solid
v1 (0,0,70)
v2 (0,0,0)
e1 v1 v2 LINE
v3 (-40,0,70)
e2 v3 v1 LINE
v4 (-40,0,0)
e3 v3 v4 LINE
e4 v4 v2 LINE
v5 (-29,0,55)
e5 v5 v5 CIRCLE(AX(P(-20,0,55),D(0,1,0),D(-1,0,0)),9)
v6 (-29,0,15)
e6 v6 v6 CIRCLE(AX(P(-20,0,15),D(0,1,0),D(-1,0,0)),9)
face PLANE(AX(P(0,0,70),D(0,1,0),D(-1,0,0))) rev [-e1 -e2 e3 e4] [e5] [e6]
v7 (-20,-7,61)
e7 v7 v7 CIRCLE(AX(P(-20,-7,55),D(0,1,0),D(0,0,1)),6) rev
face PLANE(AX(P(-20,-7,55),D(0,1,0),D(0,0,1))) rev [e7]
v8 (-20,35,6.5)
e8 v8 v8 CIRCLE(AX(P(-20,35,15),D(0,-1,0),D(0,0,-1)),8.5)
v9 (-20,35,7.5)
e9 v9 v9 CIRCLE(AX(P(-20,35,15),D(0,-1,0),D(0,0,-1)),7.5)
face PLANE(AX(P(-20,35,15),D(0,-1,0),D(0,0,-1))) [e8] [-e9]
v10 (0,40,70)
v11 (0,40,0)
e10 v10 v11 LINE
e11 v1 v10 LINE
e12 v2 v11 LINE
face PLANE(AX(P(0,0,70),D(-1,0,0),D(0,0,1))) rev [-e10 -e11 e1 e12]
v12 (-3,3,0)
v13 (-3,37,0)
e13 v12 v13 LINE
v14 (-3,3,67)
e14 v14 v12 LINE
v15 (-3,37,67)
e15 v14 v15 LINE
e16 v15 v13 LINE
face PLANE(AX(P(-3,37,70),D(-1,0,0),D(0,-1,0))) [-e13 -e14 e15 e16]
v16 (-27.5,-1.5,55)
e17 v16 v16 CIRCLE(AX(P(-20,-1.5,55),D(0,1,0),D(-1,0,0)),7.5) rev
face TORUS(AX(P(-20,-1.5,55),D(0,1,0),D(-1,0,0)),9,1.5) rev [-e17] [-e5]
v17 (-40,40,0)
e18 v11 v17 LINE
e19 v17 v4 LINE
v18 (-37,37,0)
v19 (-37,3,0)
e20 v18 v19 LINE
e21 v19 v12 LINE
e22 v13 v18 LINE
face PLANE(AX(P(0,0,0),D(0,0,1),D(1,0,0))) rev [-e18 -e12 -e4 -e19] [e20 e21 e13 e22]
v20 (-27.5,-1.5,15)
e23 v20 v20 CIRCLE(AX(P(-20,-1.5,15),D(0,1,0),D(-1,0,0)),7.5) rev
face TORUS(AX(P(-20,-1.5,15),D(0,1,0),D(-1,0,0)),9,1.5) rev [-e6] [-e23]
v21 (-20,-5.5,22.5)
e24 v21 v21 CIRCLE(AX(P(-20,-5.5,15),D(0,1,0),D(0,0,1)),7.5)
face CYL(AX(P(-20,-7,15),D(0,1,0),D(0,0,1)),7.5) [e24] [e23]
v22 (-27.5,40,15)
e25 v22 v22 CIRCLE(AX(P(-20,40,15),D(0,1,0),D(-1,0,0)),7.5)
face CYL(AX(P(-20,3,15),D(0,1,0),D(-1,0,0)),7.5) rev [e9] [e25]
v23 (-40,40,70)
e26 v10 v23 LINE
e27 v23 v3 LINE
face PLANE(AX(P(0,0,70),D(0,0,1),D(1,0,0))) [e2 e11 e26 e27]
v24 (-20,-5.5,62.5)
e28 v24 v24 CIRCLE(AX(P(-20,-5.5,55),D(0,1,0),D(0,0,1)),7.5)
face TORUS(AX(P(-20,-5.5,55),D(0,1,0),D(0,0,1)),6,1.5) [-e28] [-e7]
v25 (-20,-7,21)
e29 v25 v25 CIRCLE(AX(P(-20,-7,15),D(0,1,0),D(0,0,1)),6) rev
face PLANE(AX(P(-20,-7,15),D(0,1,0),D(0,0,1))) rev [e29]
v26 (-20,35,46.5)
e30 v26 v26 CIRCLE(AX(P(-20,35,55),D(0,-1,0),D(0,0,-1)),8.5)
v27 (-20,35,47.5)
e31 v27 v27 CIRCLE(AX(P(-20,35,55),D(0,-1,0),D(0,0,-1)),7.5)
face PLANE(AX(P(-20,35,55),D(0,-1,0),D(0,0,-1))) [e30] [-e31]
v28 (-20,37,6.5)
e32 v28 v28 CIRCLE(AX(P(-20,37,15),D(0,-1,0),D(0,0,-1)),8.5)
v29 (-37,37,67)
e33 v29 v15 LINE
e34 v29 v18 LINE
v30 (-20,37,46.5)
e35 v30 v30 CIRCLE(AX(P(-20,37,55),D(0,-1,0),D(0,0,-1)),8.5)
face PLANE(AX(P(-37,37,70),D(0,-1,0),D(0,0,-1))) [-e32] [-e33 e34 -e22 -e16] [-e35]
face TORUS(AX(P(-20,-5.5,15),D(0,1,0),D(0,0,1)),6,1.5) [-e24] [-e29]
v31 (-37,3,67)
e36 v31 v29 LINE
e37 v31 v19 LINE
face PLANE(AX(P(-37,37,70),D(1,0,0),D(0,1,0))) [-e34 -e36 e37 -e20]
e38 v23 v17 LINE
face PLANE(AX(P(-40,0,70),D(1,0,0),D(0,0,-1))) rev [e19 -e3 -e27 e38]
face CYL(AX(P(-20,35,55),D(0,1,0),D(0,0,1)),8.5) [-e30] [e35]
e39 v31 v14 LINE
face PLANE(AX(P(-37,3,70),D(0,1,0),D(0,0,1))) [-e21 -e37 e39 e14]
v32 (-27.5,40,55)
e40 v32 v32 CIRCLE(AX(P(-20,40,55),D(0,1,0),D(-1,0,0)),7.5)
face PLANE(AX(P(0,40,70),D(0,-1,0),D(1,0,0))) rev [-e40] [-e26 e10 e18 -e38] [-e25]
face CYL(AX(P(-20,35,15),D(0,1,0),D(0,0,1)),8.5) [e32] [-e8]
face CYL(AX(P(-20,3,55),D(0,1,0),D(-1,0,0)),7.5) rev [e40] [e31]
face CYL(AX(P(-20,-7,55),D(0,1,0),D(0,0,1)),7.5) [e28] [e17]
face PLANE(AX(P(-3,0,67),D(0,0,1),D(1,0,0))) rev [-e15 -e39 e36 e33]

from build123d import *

# Parameters (mm, degrees)
SKETCH1_W           = 40
SKETCH1_H           = 40
SKETCH1_W_2         = 34
SKETCH1_H_2         = 34
BOSS_EXTRUDE1_DEPTH = 70
SKETCH2_W           = 34
SKETCH2_H           = 3
BOSS_EXTRUDE2_DEPTH = 37
CUT_EXTRUDE1_DEPTH  = 37
SKETCH4_R           = 8.5
SKETCH4_R_2         = 7.5
BOSS_EXTRUDE3_DEPTH = 2
SKETCH6_R           = 7.5
BOSS_EXTRUDE4_DEPTH = 10
FILLET2_R           = 1.5
FILLET3_R           = 1.5
FILLET4_R           = 1.5
FILLET5_R           = 1.5


with BuildPart() as part:
    # Sketch1 → Boss-Extrude1 (new body)
    with BuildSketch(Plane.XY):
        with Locations((-20, 20)):
            Rectangle(SKETCH1_W, SKETCH1_H)
        with Locations((-20, 20)):
            Rectangle(SKETCH1_W_2, SKETCH1_H_2, mode=Mode.SUBTRACT)
    extrude(amount=BOSS_EXTRUDE1_DEPTH)

    # Sketch2 → Boss-Extrude2 (add)
    with BuildSketch(Plane(origin=(0, 37, 0), x_dir=(-1, 0, 0), z_dir=(0, -1, 0))):
        with Locations((20, -68.5)):
            Rectangle(SKETCH2_W, SKETCH2_H)
    extrude(amount=BOSS_EXTRUDE2_DEPTH)

    # Sketch3 → Cut-Extrude1 (cut)
    with BuildSketch(Plane(origin=(0, 40, 0), x_dir=(1, 0, 0), z_dir=(0, 1, 0))):
        with BuildLine():
            ThreePointArc((-12.5, -15), (-14.696699141, -9.696699141), (-20, -7.5))
            Line((-20, -7.5), (-20, -15))
            Line((-20, -15), (-12.5, -15))
        make_face()
        with BuildLine():
            Line((-20, -15), (-20, -7.5))
            ThreePointArc((-20, -7.5), (-25.303300859, -9.696699141), (-27.5, -15))
            Line((-27.5, -15), (-20, -15))
        make_face()
        with BuildLine():
            Line((-12.5, -15), (-20, -15))
            Line((-20, -15), (-20, -22.5))
            ThreePointArc((-20, -22.5), (-14.696699141, -20.303300859), (-12.5, -15))
        make_face()
        with BuildLine():
            Line((-20, -22.5), (-20, -15))
            Line((-20, -15), (-27.5, -15))
            ThreePointArc((-27.5, -15), (-25.303300859, -20.303300859), (-20, -22.5))
        make_face()
        with BuildLine():
            ThreePointArc((-12.5, -55), (-14.696699141, -49.696699141), (-20, -47.5))
            Line((-20, -47.5), (-20, -55))
            Line((-20, -55), (-12.5, -55))
        make_face()
        with BuildLine():
            Line((-20, -55), (-20, -47.5))
            ThreePointArc((-20, -47.5), (-25.303300859, -49.696699141), (-27.5, -55))
            Line((-27.5, -55), (-20, -55))
        make_face()
        with BuildLine():
            Line((-12.5, -55), (-20, -55))
            Line((-20, -55), (-20, -62.5))
            ThreePointArc((-20, -62.5), (-14.696699141, -60.303300859), (-12.5, -55))
        make_face()
        with BuildLine():
            Line((-20, -62.5), (-20, -55))
            Line((-20, -55), (-27.5, -55))
            ThreePointArc((-27.5, -55), (-25.303300859, -60.303300859), (-20, -62.5))
        make_face()
    extrude(amount=-CUT_EXTRUDE1_DEPTH, mode=Mode.SUBTRACT)

    # Sketch4 → Boss-Extrude3 (add)
    with BuildSketch(Plane(origin=(0, 37, 0), x_dir=(-1, 0, 0), z_dir=(0, -1, 0))):
        with Locations((20, -15)):
            Circle(SKETCH4_R)
        with Locations((20, -15)):
            Circle(SKETCH4_R_2, mode=Mode.SUBTRACT)
        with Locations((20, -55)):
            Circle(SKETCH4_R)
        with Locations((20, -55)):
            Circle(SKETCH4_R_2, mode=Mode.SUBTRACT)
    extrude(amount=BOSS_EXTRUDE3_DEPTH)

    # Sketch6 → Boss-Extrude4 (add)
    with BuildSketch(Plane(origin=(0, 3, 0), x_dir=(1, 0, 0), z_dir=(0, 1, 0))):
        with Locations((-20, -15)):
            Circle(SKETCH6_R)
        with Locations((-20, -55)):
            Circle(SKETCH6_R)
    extrude(amount=-BOSS_EXTRUDE4_DEPTH)

    # Fillet2
    fillet2_edges = [part.edges().sort_by_distance(p)[0] for p in [
        (-27.5, -7, 55),
    ]]
    fillet(fillet2_edges, radius=FILLET2_R)

    # Fillet3
    fillet3_edges = [part.edges().sort_by_distance(p)[0] for p in [
        (-27.5, -7, 15),
    ]]
    fillet(fillet3_edges, radius=FILLET3_R)

    # Fillet4
    fillet4_edges = [part.edges().sort_by_distance(p)[0] for p in [
        (-27.5, 0, 15),
    ]]
    fillet(fillet4_edges, radius=FILLET4_R)

    # Fillet5
    fillet5_edges = [part.edges().sort_by_distance(p)[0] for p in [
        (-27.5, 0, 55),
    ]]
    fillet(fillet5_edges, radius=FILLET5_R)


solid = part.part
